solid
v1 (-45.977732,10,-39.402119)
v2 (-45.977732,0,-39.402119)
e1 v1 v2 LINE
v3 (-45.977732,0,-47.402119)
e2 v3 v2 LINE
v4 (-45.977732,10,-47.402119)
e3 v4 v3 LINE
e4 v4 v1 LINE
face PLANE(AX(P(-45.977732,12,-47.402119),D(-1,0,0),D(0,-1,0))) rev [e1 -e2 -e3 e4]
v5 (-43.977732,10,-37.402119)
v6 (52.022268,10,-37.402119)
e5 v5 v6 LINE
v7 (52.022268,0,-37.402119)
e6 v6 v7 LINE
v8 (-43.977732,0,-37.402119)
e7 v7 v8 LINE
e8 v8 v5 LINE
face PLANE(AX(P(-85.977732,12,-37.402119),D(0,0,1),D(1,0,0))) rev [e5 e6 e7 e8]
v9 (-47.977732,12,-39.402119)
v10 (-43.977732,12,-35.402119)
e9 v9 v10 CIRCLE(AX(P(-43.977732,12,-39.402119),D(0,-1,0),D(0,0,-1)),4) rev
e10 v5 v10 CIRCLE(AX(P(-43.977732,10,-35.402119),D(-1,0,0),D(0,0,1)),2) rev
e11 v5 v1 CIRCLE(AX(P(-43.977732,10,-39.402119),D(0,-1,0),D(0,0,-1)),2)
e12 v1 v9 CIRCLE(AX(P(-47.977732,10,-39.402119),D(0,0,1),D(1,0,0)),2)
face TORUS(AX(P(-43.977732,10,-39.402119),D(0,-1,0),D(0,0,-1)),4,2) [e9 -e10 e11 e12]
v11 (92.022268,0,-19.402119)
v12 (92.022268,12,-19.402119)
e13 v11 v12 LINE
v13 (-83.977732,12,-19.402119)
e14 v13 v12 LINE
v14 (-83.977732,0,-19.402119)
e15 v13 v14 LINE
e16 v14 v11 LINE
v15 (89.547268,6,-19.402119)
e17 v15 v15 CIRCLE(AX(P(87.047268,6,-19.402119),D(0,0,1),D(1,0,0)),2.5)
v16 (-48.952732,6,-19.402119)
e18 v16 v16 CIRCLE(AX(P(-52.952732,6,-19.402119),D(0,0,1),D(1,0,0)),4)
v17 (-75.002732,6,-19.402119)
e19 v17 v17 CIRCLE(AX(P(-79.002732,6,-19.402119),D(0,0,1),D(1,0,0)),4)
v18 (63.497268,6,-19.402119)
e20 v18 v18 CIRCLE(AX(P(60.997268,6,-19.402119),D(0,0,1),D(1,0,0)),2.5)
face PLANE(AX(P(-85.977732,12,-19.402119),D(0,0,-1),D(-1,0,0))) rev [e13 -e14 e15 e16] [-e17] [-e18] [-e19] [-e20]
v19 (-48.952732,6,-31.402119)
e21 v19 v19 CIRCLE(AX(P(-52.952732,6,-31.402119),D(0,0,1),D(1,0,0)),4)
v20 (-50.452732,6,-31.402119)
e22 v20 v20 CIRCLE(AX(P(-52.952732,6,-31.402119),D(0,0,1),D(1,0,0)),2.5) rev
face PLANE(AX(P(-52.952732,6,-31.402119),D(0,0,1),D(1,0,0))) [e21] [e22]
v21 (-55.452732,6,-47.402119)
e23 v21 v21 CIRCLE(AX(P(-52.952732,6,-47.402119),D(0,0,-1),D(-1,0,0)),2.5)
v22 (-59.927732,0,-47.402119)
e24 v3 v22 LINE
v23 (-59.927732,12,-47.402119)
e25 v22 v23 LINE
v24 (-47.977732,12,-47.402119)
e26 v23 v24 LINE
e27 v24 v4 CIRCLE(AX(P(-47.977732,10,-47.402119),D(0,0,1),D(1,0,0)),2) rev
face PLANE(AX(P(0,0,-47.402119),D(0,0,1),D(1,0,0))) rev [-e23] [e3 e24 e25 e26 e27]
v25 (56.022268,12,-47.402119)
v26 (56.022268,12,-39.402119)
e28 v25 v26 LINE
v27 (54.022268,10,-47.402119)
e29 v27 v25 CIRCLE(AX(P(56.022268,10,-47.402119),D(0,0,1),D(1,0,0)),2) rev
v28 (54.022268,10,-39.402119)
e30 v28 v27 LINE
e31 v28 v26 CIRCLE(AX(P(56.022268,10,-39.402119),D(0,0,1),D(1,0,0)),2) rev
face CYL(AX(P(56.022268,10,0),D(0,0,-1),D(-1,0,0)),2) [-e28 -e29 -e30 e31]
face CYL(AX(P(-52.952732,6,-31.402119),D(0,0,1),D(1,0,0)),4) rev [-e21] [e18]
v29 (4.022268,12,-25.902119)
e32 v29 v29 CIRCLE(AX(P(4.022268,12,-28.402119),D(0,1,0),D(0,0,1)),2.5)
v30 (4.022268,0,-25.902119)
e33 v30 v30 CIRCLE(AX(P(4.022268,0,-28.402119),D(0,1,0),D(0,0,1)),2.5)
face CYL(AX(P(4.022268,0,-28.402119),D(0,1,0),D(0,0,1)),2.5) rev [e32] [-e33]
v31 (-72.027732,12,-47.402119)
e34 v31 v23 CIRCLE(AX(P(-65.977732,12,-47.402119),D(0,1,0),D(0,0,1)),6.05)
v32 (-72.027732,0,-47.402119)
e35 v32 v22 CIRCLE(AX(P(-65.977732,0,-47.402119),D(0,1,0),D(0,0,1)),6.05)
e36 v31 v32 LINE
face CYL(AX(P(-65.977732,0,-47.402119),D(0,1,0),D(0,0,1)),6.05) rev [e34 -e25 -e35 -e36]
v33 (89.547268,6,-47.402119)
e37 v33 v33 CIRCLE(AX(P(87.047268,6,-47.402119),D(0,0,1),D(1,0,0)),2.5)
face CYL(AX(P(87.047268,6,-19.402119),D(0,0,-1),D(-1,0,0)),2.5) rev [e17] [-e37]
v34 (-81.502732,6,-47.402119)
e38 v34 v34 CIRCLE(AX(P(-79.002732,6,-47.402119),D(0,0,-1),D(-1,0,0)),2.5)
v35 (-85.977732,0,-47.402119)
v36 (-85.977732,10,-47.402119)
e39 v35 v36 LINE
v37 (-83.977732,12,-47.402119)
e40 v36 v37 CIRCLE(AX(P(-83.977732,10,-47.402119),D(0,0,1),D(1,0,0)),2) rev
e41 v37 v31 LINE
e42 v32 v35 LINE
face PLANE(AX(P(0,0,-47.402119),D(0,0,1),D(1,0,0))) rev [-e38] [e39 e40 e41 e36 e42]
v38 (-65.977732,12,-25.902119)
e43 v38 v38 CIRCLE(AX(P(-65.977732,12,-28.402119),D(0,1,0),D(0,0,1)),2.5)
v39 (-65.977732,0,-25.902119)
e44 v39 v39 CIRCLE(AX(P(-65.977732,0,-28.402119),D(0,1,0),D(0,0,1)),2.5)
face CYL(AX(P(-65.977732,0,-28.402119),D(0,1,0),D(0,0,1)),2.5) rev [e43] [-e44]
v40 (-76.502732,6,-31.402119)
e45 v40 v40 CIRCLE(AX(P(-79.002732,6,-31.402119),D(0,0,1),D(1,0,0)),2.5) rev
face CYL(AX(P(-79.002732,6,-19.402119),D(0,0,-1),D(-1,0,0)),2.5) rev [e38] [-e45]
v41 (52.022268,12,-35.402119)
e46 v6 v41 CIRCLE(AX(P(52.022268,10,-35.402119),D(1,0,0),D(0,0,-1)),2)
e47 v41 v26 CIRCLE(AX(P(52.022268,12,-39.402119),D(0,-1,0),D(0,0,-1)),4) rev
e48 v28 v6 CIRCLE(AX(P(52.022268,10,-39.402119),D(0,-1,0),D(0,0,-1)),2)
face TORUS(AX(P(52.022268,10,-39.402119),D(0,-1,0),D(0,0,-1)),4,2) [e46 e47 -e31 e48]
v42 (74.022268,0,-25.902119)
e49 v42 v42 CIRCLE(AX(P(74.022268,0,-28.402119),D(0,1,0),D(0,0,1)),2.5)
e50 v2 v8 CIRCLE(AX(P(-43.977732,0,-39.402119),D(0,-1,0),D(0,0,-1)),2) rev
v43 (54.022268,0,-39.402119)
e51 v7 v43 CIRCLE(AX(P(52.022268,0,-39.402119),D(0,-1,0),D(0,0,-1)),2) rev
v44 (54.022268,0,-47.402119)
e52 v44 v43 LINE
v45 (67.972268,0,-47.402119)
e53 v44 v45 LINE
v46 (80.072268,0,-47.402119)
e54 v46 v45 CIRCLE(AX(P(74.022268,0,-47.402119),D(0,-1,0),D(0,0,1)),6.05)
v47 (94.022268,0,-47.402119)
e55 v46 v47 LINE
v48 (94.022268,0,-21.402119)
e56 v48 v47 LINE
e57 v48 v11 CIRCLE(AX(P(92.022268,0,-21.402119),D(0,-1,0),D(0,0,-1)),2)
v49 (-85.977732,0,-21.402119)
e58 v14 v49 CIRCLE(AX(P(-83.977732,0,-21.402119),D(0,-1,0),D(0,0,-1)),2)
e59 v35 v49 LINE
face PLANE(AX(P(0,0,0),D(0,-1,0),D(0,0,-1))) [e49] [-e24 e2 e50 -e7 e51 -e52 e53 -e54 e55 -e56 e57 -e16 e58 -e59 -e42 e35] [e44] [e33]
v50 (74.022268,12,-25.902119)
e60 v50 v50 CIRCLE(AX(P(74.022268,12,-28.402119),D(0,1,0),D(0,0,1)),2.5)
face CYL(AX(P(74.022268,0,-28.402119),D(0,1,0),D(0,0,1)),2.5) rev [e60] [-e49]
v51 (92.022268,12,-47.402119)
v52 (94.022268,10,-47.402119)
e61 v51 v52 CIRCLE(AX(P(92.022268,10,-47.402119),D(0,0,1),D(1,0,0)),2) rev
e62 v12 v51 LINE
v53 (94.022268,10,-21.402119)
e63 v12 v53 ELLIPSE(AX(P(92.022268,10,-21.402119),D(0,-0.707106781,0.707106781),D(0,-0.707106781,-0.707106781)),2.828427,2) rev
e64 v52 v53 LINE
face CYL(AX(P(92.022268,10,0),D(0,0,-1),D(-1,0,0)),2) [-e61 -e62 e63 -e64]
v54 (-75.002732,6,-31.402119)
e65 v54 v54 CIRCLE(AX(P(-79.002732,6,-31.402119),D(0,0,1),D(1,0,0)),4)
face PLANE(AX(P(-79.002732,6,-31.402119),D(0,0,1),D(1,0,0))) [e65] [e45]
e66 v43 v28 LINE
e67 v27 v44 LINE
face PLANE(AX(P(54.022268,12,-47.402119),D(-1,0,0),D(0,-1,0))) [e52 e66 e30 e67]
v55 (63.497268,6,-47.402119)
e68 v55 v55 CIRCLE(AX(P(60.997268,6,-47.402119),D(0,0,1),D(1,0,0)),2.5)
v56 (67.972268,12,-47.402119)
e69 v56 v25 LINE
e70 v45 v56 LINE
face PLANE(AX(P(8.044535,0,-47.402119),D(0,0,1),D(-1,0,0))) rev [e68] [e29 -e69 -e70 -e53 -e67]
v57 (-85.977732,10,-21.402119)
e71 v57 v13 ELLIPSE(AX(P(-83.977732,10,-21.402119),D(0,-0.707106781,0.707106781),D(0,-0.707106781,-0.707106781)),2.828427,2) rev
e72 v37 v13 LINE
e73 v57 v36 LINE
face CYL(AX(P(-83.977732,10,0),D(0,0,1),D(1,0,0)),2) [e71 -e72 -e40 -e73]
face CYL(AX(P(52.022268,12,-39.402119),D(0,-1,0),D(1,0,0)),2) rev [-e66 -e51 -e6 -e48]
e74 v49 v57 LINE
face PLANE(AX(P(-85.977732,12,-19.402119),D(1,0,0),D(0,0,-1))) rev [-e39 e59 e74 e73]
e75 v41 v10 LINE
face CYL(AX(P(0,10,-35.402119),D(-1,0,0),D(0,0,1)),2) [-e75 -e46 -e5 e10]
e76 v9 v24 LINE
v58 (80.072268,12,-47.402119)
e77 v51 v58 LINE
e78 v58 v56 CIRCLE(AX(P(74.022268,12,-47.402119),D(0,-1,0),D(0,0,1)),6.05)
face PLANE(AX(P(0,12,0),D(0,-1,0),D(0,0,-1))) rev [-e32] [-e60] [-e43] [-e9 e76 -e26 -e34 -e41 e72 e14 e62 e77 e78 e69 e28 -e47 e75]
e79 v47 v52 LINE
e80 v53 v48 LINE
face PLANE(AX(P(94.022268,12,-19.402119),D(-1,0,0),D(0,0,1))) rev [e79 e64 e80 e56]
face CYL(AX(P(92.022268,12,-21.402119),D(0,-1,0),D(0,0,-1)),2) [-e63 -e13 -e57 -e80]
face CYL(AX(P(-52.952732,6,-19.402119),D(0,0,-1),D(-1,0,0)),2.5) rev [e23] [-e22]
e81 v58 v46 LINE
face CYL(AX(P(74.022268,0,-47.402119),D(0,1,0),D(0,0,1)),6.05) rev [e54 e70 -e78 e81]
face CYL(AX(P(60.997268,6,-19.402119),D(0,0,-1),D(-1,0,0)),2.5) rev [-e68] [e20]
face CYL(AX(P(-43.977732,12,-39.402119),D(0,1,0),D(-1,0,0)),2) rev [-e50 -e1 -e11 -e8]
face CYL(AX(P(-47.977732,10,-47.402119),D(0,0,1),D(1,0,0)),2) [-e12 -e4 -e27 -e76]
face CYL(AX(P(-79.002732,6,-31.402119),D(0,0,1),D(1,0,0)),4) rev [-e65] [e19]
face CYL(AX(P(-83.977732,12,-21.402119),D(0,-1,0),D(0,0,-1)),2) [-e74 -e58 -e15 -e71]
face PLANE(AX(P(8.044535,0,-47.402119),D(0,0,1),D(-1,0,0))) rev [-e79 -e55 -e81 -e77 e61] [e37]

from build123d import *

# Parameters (mm, degrees)
ESQUISSE1_W             = 180
ESQUISSE1_H             = 18
BOSS_EXTRU_1_DEPTH      = 12
ESQUISSE3_W             = 40
ESQUISSE3_H             = 12
BOSS_EXTRU_2_DEPTH      = 10
ESQUISSE4_R             = 6.05
ENL_V_MAT_EXTRU_1_DEPTH = 12
ENL_V_START             = -28
ESQUISSE5_R             = 2.5
ENL_V_MAT_EXTRU_2_DEPTH = 28
ESQUISSE6_R             = 4
ENL_V_MAT_EXTRU_3_DEPTH = 12
ESQUISSE9_R             = 2.5
ENL_V_MAT_EXTRU_4_DEPTH = 12
CONG_1_R                = 2


with BuildPart() as part:
    # Esquisse1 → Boss.-Extru.1 (new body)
    with BuildSketch(Plane(origin=(0, 0, 0), x_dir=(1, 0, 0), z_dir=(0, 1, 0))):
        with Locations((4.022267576, 28.402118524)):
            Rectangle(ESQUISSE1_W, ESQUISSE1_H)
    extrude(amount=BOSS_EXTRU_1_DEPTH)

    # Esquisse3 → Boss.-Extru.2 (add)
    with BuildSketch(Plane(origin=(0, 0, -37.402118524), x_dir=(-1, 0, 0), z_dir=(0, 0, -1))):
        with Locations((65.977732424, 6)):
            Rectangle(ESQUISSE3_W, ESQUISSE3_H)
    boss_extru_2 = extrude(amount=BOSS_EXTRU_2_DEPTH)

    # Esquisse4 → Enlèv. mat.-Extru.1 (cut)
    with BuildSketch(Plane(origin=(0, 12, 0), x_dir=(1, 0, 0), z_dir=(0, 1, 0))):
        with Locations((-65.977732424, 47.402118524)):
            Circle(ESQUISSE4_R)
    enl_v_mat_extru_1 = extrude(amount=-ENL_V_MAT_EXTRU_1_DEPTH, mode=Mode.SUBTRACT)

    # Esquisse5 → Enlèv. mat.-Extru.2 (cut)
    with BuildSketch(Plane(origin=(0, 0, -47.402118524), x_dir=(-1, 0, 0), z_dir=(0, 0, -1)).offset(ENL_V_START)):
        with Locations((52.952732424, 6)):
            Circle(ESQUISSE5_R)
        with Locations((79.002732424, 6)):
            Circle(ESQUISSE5_R)
    enl_v_mat_extru_2 = extrude(amount=ENL_V_MAT_EXTRU_2_DEPTH, mode=Mode.SUBTRACT)

    # Esquisse6 → Enlèv. mat.-Extru.3 (cut)
    with BuildSketch(Plane.XY.offset(-19.402118524)):
        with Locations((-52.952732424, 6)):
            Circle(ESQUISSE6_R)
        with Locations((-79.002732424, 6)):
            Circle(ESQUISSE6_R)
    extrude(amount=-ENL_V_MAT_EXTRU_3_DEPTH, mode=Mode.SUBTRACT)

    # Symétrie4: Boss.-Extru.2, Enlèv. mat.-Extru.1, Enlèv. mat.-Extru.2 across plane
    add(boss_extru_2.mirror(Plane(origin=(4.022267576, 12, -19.402118524), x_dir=(0, 0, 1), z_dir=(-1, 0, 0))))
    add(enl_v_mat_extru_1.mirror(Plane(origin=(4.022267576, 12, -19.402118524), x_dir=(0, 0, 1), z_dir=(-1, 0, 0))), mode=Mode.SUBTRACT)
    add(enl_v_mat_extru_2.mirror(Plane(origin=(4.022267576, 12, -19.402118524), x_dir=(0, 0, 1), z_dir=(-1, 0, 0))), mode=Mode.SUBTRACT)

    # Esquisse9 → Enlèv. mat.-Extru.4 (cut)
    with BuildSketch(Plane(origin=(0, 12, 0), x_dir=(1, 0, 0), z_dir=(0, 1, 0))):
        with Locations(Location((4.022267576, 28.402118524, 0), (0, 0, 270))):
            Circle(ESQUISSE9_R)
        with Locations(Location((74.022267576, 28.402118524, 0), (0, 0, 270))):
            Circle(ESQUISSE9_R)
        with Locations(Location((-65.977732424, 28.402118524, 0), (0, 0, 270))):
            Circle(ESQUISSE9_R)
    extrude(amount=-ENL_V_MAT_EXTRU_4_DEPTH, mode=Mode.SUBTRACT)

    # Congé1
    cong_1_edges = [part.edges().sort_by_distance(p)[0] for p in [
        (94.022267576, 12, -33.402118524),
        (-45.977732424, 6, -37.402118524),
        (-45.977732424, 12, -42.402118524),
        (-85.977732424, 12, -33.402118524),
        (4.022267576, 12, -37.402118524),
        (54.022267576, 12, -42.402118524),
        (54.022267576, 6, -37.402118524),
        (94.022267576, 6, -19.402118524),
        (-85.977732424, 6, -19.402118524),
    ]]
    fillet(cong_1_edges, radius=CONG_1_R)


solid = part.part
